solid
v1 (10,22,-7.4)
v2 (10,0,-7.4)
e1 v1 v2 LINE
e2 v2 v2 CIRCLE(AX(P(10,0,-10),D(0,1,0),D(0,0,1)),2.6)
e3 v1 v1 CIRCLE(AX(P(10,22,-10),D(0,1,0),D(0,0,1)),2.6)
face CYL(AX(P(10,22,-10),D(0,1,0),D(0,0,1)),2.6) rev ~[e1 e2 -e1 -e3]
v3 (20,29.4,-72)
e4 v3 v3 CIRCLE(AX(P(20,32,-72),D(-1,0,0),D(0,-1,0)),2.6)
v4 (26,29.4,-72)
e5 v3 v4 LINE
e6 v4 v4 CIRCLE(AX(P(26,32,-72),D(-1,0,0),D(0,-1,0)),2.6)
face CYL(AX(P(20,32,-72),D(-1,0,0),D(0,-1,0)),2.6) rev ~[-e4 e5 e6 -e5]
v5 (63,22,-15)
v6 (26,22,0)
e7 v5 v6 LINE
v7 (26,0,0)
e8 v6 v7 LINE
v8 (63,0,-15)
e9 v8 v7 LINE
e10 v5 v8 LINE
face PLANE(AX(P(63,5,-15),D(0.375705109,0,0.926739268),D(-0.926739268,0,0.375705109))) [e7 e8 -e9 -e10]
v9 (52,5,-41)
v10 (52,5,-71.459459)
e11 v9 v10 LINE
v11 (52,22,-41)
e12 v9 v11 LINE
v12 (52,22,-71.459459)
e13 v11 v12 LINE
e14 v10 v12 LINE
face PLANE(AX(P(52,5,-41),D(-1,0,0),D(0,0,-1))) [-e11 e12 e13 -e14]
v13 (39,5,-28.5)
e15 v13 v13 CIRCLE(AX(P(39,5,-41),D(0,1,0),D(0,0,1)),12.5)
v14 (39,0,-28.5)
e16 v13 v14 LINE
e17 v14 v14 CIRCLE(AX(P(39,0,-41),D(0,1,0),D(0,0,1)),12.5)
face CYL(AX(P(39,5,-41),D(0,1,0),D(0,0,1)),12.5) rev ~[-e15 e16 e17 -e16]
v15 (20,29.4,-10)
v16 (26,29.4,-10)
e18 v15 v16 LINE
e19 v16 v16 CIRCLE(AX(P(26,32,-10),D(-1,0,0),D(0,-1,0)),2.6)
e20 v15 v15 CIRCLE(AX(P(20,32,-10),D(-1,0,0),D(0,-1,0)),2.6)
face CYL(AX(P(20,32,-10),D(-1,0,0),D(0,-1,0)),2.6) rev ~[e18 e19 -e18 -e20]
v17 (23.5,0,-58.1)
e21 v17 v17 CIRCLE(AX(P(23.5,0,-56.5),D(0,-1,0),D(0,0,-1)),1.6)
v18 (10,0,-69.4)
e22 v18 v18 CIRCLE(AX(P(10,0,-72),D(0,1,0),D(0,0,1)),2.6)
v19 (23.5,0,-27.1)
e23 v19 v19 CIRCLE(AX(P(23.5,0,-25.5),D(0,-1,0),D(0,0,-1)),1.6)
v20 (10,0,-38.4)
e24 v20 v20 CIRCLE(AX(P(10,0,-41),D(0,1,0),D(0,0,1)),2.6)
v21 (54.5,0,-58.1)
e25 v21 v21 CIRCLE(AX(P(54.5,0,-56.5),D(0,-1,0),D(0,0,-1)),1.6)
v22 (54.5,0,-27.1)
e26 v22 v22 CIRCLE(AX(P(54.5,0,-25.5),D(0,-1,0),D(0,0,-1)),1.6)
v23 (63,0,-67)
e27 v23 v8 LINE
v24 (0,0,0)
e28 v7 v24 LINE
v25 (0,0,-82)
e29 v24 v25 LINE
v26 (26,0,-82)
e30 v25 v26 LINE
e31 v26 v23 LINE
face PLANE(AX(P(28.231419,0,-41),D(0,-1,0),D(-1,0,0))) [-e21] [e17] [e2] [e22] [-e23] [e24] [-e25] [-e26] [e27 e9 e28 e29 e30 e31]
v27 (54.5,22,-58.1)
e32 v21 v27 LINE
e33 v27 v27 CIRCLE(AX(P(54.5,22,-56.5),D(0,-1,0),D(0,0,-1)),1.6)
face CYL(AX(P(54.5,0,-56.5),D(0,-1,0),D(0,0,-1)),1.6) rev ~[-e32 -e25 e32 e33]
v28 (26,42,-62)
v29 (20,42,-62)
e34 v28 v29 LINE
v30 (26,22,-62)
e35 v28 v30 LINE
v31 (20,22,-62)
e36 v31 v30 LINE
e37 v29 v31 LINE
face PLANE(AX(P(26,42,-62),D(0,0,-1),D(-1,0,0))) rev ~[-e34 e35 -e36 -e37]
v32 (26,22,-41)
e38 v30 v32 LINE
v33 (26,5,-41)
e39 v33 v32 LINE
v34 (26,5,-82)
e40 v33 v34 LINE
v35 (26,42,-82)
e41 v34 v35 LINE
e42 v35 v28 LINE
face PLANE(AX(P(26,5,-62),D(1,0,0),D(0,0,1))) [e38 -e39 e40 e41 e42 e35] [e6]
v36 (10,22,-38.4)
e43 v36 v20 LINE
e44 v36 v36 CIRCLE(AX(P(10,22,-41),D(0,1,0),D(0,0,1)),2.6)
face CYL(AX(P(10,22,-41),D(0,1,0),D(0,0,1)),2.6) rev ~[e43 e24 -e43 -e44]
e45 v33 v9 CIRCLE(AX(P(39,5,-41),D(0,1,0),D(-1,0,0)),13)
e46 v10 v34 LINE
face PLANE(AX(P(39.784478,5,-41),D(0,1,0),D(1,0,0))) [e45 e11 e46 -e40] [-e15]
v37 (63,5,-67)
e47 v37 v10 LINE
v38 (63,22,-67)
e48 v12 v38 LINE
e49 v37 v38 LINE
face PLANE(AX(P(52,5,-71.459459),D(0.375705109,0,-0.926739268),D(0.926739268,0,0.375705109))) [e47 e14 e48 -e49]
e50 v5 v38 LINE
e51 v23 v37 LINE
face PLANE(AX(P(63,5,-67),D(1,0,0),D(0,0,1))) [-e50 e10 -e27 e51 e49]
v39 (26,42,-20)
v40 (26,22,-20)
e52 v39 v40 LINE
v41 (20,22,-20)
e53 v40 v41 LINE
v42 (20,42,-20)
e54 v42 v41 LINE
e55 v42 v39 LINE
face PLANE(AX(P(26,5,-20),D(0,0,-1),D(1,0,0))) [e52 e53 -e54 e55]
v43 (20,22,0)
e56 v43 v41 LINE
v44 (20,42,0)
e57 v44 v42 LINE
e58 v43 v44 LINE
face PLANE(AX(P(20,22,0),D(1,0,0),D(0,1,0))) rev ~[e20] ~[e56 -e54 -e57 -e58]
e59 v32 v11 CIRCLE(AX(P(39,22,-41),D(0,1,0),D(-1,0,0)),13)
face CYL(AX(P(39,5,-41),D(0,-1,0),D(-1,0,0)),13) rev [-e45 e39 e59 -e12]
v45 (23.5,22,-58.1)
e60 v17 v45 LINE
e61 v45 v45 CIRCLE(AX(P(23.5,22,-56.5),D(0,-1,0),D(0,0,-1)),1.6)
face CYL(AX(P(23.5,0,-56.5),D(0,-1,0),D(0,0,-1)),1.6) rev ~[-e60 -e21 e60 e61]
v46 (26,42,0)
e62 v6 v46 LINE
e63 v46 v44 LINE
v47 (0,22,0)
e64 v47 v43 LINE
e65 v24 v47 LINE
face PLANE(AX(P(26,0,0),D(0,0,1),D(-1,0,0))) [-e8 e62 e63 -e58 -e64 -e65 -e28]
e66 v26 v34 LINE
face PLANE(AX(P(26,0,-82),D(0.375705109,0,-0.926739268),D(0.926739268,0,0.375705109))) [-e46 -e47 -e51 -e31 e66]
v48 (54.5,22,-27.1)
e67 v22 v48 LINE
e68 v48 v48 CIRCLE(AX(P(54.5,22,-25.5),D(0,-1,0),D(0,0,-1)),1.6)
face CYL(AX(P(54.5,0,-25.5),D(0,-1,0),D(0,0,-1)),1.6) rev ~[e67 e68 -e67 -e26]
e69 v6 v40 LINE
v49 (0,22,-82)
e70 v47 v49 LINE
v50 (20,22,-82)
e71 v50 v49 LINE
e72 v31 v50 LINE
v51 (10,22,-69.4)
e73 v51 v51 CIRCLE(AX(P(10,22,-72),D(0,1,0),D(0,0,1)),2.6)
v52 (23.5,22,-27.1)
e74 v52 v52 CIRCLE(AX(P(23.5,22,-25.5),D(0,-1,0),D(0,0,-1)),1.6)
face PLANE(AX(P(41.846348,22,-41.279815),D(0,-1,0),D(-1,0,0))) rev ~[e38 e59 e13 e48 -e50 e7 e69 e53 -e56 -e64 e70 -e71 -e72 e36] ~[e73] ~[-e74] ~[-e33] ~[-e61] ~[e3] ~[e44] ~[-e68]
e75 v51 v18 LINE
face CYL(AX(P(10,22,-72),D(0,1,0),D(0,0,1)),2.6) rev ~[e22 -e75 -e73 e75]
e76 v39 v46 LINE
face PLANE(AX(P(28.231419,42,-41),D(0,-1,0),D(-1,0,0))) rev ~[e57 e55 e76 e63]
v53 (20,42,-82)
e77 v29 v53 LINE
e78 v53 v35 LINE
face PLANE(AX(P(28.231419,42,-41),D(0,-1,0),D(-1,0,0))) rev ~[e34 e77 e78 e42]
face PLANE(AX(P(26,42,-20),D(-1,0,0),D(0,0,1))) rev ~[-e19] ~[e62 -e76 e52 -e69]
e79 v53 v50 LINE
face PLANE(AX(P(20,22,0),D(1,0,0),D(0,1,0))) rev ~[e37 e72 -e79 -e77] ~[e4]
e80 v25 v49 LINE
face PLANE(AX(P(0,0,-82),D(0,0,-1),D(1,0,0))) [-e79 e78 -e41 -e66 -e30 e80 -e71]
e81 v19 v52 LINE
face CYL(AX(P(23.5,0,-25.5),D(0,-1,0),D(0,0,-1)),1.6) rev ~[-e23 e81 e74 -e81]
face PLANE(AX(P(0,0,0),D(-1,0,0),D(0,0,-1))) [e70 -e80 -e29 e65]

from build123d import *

# Parameters (mm, degrees)
BOSS_EXTRUDE1_DEPTH = 42
SKETCH2_W           = 20
SKETCH2_H           = 20
CUT_EXTRUDE1_DEPTH  = 112.610931364
CUT_EXTRUDE2_DEPTH  = 37
SKETCH6_R           = 2.6
CUT_EXTRUDE4_DEPTH  = 106.721331812
SKETCH5_R           = 2.6
CUT_EXTRUDE3_DEPTH  = 6
BOSS_EXTRUDE2_DEPTH = 17
SKETCH7_R           = 12.5
CUT_EXTRUDE5_DEPTH  = 110.827136902
BOSS_EXTRUDE4_DEPTH = 17
SKETCH12_R          = 1.6
CUT_EXTRUDE6_DEPTH  = 112.610931364


with BuildPart() as part:
    # Sketch1 → Boss-Extrude1 (new body)
    with BuildSketch(Plane(origin=(0, 0, 0), x_dir=(1, 0, 0), z_dir=(0, 1, 0))):
        Polygon((0, 0), (0, 82), (26, 82), (63, 67), (63, 15), (26, 0), align=None)
    extrude(amount=BOSS_EXTRUDE1_DEPTH)

    # Sketch2 → Cut-Extrude1 (cut, through all)
    with BuildSketch(Plane.XY):
        with Locations((10, 32)):
            Rectangle(SKETCH2_W, SKETCH2_H)
    extrude(amount=-CUT_EXTRUDE1_DEPTH, mode=Mode.SUBTRACT)

    # Sketch3 → Cut-Extrude2 (cut)
    with BuildSketch(Plane(origin=(0, 42, 0), x_dir=(1, 0, 0), z_dir=(0, 1, 0))):
        Polygon((26, 82), (26, 62), (20, 62), (20, 20), (26, 20), (26, 0), (63, 15), (63, 67), align=None)
    extrude(amount=-CUT_EXTRUDE2_DEPTH, mode=Mode.SUBTRACT)

    # Sketch6 → Cut-Extrude4 (cut, through all)
    with BuildSketch(Plane(origin=(0, 22, 0), x_dir=(1, 0, 0), z_dir=(0, 1, 0))):
        with Locations(Location((10, 72, 0), (0, 0, 270))):
            Circle(SKETCH6_R)
        with Locations(Location((10, 41, 0), (0, 0, 270))):
            Circle(SKETCH6_R)
        with Locations(Location((10, 10, 0), (0, 0, 270))):
            Circle(SKETCH6_R)
    extrude(amount=-CUT_EXTRUDE4_DEPTH, mode=Mode.SUBTRACT)

    # Sketch5 → Cut-Extrude3 (cut)
    with BuildSketch(Plane.ZY.offset(-20)):
        with Locations(Location((-72, 32, 0), (0, 0, 270))):
            Circle(SKETCH5_R)
        with Locations(Location((-10, 32, 0), (0, 0, 270))):
            Circle(SKETCH5_R)
    extrude(amount=-CUT_EXTRUDE3_DEPTH, mode=Mode.SUBTRACT)

    # Sketch4 → Boss-Extrude2 (add)
    with BuildSketch(Plane(origin=(0, 5, 0), x_dir=(1, 0, 0), z_dir=(0, 1, 0))):
        Polygon((26, 20), (63, 20), (63, 15), (26, 0), align=None)
    extrude(amount=BOSS_EXTRUDE2_DEPTH)

    # Sketch7 → Cut-Extrude5 (cut, through all)
    with BuildSketch(Plane(origin=(0, 5, 0), x_dir=(1, 0, 0), z_dir=(0, 1, 0))):
        with Locations(Location((39, 41, 0), (0, 0, 270))):
            Circle(SKETCH7_R)
    extrude(amount=-CUT_EXTRUDE5_DEPTH, mode=Mode.SUBTRACT)

    # Sketch10 → Boss-Extrude4 (add)
    with BuildSketch(Plane(origin=(0, 5, 0), x_dir=(1, 0, 0), z_dir=(0, 1, 0))):
        with BuildLine():
            Line((26, 62), (26, 41))
            ThreePointArc((26, 41), (39, 28), (52, 41))
            Line((52, 41), (52, 71.459459459))
            Line((52, 71.459459459), (63, 67))
            Line((63, 67), (63, 20))
            Line((63, 20), (20, 20))
            Line((20, 20), (20, 62))
            Line((20, 62), (26, 62))
        make_face()
    extrude(amount=BOSS_EXTRUDE4_DEPTH)

    # Sketch12 → Cut-Extrude6 (cut, through all)
    with BuildSketch(Plane.XZ):
        with Locations(Location((23.5, -25.5, 0), (0, 0, 270))):
            Circle(SKETCH12_R)
        with Locations(Location((54.5, -25.5, 0), (0, 0, 270))):
            Circle(SKETCH12_R)
        with Locations(Location((54.5, -56.5, 0), (0, 0, 270))):
            Circle(SKETCH12_R)
        with Locations(Location((23.5, -56.5, 0), (0, 0, 270))):
            Circle(SKETCH12_R)
    extrude(amount=-CUT_EXTRUDE6_DEPTH, mode=Mode.SUBTRACT)


solid = part.part
